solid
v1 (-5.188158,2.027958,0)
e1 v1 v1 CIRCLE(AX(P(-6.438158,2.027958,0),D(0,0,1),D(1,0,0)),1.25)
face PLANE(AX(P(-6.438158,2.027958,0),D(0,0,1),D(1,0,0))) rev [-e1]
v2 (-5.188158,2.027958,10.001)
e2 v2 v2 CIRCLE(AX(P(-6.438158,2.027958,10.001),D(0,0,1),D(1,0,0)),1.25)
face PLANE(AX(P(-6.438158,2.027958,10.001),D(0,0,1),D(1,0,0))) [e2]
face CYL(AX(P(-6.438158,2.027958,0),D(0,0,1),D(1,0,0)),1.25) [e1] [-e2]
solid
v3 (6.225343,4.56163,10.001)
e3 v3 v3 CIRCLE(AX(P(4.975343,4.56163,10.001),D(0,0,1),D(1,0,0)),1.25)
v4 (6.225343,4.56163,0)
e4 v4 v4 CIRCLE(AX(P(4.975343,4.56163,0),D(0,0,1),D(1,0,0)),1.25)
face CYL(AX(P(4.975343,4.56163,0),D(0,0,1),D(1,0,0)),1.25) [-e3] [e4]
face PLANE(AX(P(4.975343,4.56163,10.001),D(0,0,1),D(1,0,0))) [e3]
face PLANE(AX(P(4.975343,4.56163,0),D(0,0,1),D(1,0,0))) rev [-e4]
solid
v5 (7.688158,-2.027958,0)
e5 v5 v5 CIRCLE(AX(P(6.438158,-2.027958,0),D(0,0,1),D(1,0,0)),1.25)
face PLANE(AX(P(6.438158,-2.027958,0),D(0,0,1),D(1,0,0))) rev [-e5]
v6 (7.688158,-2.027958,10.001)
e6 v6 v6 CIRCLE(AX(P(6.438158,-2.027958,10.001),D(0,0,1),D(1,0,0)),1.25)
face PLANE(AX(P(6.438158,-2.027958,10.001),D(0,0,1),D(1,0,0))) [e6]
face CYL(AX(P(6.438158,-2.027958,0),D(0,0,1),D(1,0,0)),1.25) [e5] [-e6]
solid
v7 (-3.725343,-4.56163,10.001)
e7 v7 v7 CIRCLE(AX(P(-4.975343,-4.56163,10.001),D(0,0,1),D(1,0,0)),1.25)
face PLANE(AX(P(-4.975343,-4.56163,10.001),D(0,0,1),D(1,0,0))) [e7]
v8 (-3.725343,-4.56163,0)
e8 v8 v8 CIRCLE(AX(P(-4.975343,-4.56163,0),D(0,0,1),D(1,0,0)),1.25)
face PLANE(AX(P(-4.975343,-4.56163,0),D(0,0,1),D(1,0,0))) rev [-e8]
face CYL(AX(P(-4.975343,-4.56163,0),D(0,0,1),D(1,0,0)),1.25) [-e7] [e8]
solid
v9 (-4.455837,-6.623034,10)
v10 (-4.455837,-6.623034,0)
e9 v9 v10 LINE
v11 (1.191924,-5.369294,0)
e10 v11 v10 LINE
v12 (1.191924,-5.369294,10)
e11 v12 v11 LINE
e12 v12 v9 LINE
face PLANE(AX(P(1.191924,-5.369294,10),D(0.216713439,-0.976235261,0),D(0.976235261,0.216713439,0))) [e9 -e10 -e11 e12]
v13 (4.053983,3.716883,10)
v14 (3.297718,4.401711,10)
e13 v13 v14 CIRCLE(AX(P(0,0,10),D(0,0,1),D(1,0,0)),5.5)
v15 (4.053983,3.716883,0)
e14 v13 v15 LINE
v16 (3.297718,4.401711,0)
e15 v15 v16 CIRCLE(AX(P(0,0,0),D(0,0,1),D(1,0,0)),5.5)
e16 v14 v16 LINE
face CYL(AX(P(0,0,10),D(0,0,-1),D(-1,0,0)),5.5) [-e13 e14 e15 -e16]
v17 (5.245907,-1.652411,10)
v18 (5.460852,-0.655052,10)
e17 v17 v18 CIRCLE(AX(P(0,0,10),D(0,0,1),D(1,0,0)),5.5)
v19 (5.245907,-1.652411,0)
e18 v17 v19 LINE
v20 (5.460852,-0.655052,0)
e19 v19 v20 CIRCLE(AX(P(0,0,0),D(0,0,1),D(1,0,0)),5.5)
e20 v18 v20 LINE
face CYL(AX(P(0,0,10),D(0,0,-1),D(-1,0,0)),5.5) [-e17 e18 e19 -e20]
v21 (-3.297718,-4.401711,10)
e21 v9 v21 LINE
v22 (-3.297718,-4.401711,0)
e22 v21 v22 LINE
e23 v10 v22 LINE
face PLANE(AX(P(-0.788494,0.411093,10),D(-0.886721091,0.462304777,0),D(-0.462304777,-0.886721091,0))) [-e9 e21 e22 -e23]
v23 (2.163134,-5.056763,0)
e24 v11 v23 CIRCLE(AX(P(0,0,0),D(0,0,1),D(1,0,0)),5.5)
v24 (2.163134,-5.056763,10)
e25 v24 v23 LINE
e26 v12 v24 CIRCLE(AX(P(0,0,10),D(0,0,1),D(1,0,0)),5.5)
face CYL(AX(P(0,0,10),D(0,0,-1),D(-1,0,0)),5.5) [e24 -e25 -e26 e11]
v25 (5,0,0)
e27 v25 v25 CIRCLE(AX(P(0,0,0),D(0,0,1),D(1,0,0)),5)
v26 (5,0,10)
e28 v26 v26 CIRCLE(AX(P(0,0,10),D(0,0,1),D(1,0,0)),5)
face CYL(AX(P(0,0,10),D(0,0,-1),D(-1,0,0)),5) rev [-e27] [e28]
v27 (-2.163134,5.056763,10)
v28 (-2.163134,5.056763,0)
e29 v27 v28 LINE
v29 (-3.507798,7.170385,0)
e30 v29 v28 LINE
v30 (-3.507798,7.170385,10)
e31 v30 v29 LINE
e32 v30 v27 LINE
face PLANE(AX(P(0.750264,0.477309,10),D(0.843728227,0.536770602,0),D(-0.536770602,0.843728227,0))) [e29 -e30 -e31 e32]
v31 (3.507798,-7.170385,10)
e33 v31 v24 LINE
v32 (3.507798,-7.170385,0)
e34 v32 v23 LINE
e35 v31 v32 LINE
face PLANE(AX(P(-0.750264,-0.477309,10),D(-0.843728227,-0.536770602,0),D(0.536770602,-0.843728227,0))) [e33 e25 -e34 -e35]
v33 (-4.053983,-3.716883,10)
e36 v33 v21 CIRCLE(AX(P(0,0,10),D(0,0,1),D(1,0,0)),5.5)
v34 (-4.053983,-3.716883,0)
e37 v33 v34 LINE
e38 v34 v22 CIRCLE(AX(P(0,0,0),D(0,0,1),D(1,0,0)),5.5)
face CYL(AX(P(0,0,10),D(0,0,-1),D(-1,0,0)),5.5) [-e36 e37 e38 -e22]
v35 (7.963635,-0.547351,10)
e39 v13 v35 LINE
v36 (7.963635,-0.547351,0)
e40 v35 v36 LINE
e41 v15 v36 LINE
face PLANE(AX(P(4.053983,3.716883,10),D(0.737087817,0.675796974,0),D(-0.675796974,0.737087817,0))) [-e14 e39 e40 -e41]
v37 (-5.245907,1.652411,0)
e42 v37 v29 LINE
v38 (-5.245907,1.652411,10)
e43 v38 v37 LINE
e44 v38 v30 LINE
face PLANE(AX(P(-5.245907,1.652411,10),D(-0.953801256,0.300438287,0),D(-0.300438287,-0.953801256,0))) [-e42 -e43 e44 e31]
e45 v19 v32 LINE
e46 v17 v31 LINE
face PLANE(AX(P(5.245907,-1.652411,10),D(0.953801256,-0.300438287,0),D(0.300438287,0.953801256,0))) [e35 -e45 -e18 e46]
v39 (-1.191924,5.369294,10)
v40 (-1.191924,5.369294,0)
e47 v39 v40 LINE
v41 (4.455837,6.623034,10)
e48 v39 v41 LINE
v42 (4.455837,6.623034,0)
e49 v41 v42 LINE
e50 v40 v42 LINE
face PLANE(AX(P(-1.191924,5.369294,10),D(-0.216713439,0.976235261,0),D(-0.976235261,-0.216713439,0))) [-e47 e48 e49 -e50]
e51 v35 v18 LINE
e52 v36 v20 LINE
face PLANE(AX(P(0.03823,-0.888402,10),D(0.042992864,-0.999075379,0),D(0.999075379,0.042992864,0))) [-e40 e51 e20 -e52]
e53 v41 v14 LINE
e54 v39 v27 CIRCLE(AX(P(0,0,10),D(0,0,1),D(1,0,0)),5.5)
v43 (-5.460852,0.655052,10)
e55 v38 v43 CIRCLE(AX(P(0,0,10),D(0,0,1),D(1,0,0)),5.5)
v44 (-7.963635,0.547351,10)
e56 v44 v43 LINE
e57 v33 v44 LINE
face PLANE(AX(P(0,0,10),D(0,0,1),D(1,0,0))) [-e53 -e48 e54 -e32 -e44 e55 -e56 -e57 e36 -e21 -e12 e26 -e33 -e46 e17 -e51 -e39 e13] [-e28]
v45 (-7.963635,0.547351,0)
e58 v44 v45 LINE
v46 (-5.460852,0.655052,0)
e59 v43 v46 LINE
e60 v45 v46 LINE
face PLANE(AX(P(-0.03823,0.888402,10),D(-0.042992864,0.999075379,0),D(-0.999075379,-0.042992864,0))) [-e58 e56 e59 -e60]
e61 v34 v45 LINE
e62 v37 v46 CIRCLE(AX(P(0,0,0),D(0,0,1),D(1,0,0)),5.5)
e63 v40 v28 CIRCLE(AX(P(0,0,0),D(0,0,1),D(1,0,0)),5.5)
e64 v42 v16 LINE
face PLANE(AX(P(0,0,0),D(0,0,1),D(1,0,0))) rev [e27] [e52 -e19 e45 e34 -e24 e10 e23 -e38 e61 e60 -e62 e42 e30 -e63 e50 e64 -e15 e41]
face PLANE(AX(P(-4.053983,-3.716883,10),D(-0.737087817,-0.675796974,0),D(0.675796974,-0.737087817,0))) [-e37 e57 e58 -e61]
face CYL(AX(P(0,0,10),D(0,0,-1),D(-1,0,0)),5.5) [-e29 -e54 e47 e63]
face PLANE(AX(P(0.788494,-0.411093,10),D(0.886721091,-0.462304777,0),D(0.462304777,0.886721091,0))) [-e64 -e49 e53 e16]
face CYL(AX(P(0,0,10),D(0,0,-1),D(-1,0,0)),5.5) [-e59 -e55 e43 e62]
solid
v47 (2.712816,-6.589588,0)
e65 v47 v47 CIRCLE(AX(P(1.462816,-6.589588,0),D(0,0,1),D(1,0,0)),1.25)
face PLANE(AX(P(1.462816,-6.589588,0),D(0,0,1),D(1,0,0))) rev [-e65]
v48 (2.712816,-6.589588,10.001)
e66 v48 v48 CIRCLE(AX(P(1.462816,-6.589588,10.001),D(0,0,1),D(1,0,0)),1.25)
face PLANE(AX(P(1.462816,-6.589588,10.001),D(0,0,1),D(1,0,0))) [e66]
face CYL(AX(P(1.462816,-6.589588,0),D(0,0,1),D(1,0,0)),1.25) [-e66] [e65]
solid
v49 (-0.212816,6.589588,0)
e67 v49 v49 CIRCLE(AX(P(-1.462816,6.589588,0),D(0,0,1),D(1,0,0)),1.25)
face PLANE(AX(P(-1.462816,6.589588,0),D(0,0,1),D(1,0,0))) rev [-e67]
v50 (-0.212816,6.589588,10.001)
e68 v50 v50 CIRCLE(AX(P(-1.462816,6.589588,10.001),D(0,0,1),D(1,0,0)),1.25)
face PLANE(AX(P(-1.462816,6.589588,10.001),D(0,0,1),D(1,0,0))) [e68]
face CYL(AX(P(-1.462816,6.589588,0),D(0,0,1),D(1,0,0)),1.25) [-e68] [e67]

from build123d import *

# Parameters (mm, degrees)
SKETCH1_R                  = 5.5
SKETCH1_R_2                = 5
BOSS_EXTRUDE1_DEPTH        = 10
BOSS_EXTRUDE3_DEPTH        = 0.001
BOSS_EXTRUDE3_DEPTH_BACK   = 10
SKETCH4_R                  = 1.25
BOSS_EXTRUDE3_2_DEPTH      = 0.001
BOSS_EXTRUDE3_2_DEPTH_BACK = 10
BOSS_EXTRUDE3_3_DEPTH      = 0.001
BOSS_EXTRUDE3_3_DEPTH_BACK = 10
BOSS_EXTRUDE3_4_DEPTH      = 0.001
BOSS_EXTRUDE3_4_DEPTH_BACK = 10
BOSS_EXTRUDE3_5_DEPTH      = 0.001
BOSS_EXTRUDE3_5_DEPTH_BACK = 10
BOSS_EXTRUDE3_6_DEPTH      = 0.001
BOSS_EXTRUDE3_6_DEPTH_BACK = 10


with BuildPart() as part:
    # Sketch1 → Boss-Extrude1 (new body)
    # profile 1 of 7: a face of its own
    with BuildSketch(Plane.XY):
        with BuildLine():
            ThreePointArc((-4.053982993, -3.716883357), (-5.235597142, -1.684791549), (-5.460852174, 0.65505231))
            Line((-5.460852174, 0.65505231), (-7.963634689, 0.547350938))
            Line((-7.963634689, 0.547350938), (-4.053982993, -3.716883357))
        make_face()
    # profile 2 of 7: a face of its own
    with BuildSketch(Plane.XY):
        with BuildLine():
            ThreePointArc((-5.245906907, 1.65241058), (-4.076870853, 3.691764355), (-2.163134146, 5.056762864))
            Line((-2.163134146, 5.056762864), (-3.507797527, 7.170385416))
            Line((-3.507797527, 7.170385416), (-5.245906907, 1.65241058))
        make_face()
    # profile 3 of 7: a face of its own
    with BuildSketch(Plane.XY):
        with BuildLine():
            ThreePointArc((1.191923914, -5.369293937), (-1.15872629, -5.376555904), (-3.297718029, -4.401710554))
            Line((-3.297718029, -4.401710554), (-4.455837162, -6.623034478))
            Line((-4.455837162, -6.623034478), (1.191923914, -5.369293937))
        make_face()
    # profile 4 of 7: a face of its own
    with BuildSketch(Plane.XY):
        Circle(SKETCH1_R)
        Circle(SKETCH1_R_2, mode=Mode.SUBTRACT)
    # profile 5 of 7: a face of its own
    with BuildSketch(Plane.XY):
        with BuildLine():
            Line((3.507797527, -7.170385416), (5.245906907, -1.65241058))
            ThreePointArc((5.245906907, -1.65241058), (4.076870853, -3.691764355), (2.163134146, -5.056762864))
            Line((2.163134146, -5.056762864), (3.507797527, -7.170385416))
        make_face()
    # profile 6 of 7: a face of its own
    with BuildSketch(Plane.XY):
        with BuildLine():
            Line((7.963634689, -0.547350938), (4.053982993, 3.716883357))
            ThreePointArc((4.053982993, 3.716883357), (5.125763673, 1.994128072), (5.5, 0))
            ThreePointArc((5.5, 0), (5.49020432, -0.328110531), (5.460852174, -0.65505231))
            Line((5.460852174, -0.65505231), (7.963634689, -0.547350938))
        make_face()
    # profile 7 of 7: a face of its own
    with BuildSketch(Plane.XY):
        with BuildLine():
            Line((4.455837162, 6.623034478), (-1.191923914, 5.369293937))
            ThreePointArc((-1.191923914, 5.369293937), (1.15872629, 5.376555904), (3.297718029, 4.401710554))
            Line((3.297718029, 4.401710554), (4.455837162, 6.623034478))
        make_face()
    extrude(amount=BOSS_EXTRUDE1_DEPTH)


with BuildPart() as body_2:
    # Sketch4 → Boss-Extrude3 (new, two sides: drawn at the far end of the back side and taken through both)
    with BuildSketch(Plane.XY.offset(10).offset(-BOSS_EXTRUDE3_DEPTH_BACK)):
        with Locations((-1.462815712, 6.589588014)):
            Circle(SKETCH4_R)
    extrude(amount=BOSS_EXTRUDE3_DEPTH + BOSS_EXTRUDE3_DEPTH_BACK)


with BuildPart() as body_3:
    # Sketch4 → Boss-Extrude3 2 (new, two sides: drawn at the far end of the back side and taken through both)
    with BuildSketch(Plane.XY.offset(10).offset(-BOSS_EXTRUDE3_2_DEPTH_BACK)):
        with Locations((4.975342764, 4.561629575)):
            Circle(SKETCH4_R)
    extrude(amount=BOSS_EXTRUDE3_2_DEPTH + BOSS_EXTRUDE3_2_DEPTH_BACK)


with BuildPart() as body_4:
    # Sketch4 → Boss-Extrude3 3 (new, two sides: drawn at the far end of the back side and taken through both)
    with BuildSketch(Plane.XY.offset(10).offset(-BOSS_EXTRUDE3_3_DEPTH_BACK)):
        with Locations((6.438158477, -2.027958439)):
            Circle(SKETCH4_R)
    extrude(amount=BOSS_EXTRUDE3_3_DEPTH + BOSS_EXTRUDE3_3_DEPTH_BACK)


with BuildPart() as body_5:
    # Sketch4 → Boss-Extrude3 4 (new, two sides: drawn at the far end of the back side and taken through both)
    with BuildSketch(Plane.XY.offset(10).offset(-BOSS_EXTRUDE3_4_DEPTH_BACK)):
        with Locations((1.462815712, -6.589588014)):
            Circle(SKETCH4_R)
    extrude(amount=BOSS_EXTRUDE3_4_DEPTH + BOSS_EXTRUDE3_4_DEPTH_BACK)


with BuildPart() as body_6:
    # Sketch4 → Boss-Extrude3 5 (new, two sides: drawn at the far end of the back side and taken through both)
    with BuildSketch(Plane.XY.offset(10).offset(-BOSS_EXTRUDE3_5_DEPTH_BACK)):
        with Locations((-4.975342764, -4.561629575)):
            Circle(SKETCH4_R)
    extrude(amount=BOSS_EXTRUDE3_5_DEPTH + BOSS_EXTRUDE3_5_DEPTH_BACK)


with BuildPart() as body_7:
    # Sketch4 → Boss-Extrude3 6 (new, two sides: drawn at the far end of the back side and taken through both)
    with BuildSketch(Plane.XY.offset(10).offset(-BOSS_EXTRUDE3_6_DEPTH_BACK)):
        with Locations((-6.438158477, 2.027958439)):
            Circle(SKETCH4_R)
    extrude(amount=BOSS_EXTRUDE3_6_DEPTH + BOSS_EXTRUDE3_6_DEPTH_BACK)


solid = Compound([part.part, body_2.part, body_3.part, body_4.part, body_5.part, body_6.part, body_7.part])
